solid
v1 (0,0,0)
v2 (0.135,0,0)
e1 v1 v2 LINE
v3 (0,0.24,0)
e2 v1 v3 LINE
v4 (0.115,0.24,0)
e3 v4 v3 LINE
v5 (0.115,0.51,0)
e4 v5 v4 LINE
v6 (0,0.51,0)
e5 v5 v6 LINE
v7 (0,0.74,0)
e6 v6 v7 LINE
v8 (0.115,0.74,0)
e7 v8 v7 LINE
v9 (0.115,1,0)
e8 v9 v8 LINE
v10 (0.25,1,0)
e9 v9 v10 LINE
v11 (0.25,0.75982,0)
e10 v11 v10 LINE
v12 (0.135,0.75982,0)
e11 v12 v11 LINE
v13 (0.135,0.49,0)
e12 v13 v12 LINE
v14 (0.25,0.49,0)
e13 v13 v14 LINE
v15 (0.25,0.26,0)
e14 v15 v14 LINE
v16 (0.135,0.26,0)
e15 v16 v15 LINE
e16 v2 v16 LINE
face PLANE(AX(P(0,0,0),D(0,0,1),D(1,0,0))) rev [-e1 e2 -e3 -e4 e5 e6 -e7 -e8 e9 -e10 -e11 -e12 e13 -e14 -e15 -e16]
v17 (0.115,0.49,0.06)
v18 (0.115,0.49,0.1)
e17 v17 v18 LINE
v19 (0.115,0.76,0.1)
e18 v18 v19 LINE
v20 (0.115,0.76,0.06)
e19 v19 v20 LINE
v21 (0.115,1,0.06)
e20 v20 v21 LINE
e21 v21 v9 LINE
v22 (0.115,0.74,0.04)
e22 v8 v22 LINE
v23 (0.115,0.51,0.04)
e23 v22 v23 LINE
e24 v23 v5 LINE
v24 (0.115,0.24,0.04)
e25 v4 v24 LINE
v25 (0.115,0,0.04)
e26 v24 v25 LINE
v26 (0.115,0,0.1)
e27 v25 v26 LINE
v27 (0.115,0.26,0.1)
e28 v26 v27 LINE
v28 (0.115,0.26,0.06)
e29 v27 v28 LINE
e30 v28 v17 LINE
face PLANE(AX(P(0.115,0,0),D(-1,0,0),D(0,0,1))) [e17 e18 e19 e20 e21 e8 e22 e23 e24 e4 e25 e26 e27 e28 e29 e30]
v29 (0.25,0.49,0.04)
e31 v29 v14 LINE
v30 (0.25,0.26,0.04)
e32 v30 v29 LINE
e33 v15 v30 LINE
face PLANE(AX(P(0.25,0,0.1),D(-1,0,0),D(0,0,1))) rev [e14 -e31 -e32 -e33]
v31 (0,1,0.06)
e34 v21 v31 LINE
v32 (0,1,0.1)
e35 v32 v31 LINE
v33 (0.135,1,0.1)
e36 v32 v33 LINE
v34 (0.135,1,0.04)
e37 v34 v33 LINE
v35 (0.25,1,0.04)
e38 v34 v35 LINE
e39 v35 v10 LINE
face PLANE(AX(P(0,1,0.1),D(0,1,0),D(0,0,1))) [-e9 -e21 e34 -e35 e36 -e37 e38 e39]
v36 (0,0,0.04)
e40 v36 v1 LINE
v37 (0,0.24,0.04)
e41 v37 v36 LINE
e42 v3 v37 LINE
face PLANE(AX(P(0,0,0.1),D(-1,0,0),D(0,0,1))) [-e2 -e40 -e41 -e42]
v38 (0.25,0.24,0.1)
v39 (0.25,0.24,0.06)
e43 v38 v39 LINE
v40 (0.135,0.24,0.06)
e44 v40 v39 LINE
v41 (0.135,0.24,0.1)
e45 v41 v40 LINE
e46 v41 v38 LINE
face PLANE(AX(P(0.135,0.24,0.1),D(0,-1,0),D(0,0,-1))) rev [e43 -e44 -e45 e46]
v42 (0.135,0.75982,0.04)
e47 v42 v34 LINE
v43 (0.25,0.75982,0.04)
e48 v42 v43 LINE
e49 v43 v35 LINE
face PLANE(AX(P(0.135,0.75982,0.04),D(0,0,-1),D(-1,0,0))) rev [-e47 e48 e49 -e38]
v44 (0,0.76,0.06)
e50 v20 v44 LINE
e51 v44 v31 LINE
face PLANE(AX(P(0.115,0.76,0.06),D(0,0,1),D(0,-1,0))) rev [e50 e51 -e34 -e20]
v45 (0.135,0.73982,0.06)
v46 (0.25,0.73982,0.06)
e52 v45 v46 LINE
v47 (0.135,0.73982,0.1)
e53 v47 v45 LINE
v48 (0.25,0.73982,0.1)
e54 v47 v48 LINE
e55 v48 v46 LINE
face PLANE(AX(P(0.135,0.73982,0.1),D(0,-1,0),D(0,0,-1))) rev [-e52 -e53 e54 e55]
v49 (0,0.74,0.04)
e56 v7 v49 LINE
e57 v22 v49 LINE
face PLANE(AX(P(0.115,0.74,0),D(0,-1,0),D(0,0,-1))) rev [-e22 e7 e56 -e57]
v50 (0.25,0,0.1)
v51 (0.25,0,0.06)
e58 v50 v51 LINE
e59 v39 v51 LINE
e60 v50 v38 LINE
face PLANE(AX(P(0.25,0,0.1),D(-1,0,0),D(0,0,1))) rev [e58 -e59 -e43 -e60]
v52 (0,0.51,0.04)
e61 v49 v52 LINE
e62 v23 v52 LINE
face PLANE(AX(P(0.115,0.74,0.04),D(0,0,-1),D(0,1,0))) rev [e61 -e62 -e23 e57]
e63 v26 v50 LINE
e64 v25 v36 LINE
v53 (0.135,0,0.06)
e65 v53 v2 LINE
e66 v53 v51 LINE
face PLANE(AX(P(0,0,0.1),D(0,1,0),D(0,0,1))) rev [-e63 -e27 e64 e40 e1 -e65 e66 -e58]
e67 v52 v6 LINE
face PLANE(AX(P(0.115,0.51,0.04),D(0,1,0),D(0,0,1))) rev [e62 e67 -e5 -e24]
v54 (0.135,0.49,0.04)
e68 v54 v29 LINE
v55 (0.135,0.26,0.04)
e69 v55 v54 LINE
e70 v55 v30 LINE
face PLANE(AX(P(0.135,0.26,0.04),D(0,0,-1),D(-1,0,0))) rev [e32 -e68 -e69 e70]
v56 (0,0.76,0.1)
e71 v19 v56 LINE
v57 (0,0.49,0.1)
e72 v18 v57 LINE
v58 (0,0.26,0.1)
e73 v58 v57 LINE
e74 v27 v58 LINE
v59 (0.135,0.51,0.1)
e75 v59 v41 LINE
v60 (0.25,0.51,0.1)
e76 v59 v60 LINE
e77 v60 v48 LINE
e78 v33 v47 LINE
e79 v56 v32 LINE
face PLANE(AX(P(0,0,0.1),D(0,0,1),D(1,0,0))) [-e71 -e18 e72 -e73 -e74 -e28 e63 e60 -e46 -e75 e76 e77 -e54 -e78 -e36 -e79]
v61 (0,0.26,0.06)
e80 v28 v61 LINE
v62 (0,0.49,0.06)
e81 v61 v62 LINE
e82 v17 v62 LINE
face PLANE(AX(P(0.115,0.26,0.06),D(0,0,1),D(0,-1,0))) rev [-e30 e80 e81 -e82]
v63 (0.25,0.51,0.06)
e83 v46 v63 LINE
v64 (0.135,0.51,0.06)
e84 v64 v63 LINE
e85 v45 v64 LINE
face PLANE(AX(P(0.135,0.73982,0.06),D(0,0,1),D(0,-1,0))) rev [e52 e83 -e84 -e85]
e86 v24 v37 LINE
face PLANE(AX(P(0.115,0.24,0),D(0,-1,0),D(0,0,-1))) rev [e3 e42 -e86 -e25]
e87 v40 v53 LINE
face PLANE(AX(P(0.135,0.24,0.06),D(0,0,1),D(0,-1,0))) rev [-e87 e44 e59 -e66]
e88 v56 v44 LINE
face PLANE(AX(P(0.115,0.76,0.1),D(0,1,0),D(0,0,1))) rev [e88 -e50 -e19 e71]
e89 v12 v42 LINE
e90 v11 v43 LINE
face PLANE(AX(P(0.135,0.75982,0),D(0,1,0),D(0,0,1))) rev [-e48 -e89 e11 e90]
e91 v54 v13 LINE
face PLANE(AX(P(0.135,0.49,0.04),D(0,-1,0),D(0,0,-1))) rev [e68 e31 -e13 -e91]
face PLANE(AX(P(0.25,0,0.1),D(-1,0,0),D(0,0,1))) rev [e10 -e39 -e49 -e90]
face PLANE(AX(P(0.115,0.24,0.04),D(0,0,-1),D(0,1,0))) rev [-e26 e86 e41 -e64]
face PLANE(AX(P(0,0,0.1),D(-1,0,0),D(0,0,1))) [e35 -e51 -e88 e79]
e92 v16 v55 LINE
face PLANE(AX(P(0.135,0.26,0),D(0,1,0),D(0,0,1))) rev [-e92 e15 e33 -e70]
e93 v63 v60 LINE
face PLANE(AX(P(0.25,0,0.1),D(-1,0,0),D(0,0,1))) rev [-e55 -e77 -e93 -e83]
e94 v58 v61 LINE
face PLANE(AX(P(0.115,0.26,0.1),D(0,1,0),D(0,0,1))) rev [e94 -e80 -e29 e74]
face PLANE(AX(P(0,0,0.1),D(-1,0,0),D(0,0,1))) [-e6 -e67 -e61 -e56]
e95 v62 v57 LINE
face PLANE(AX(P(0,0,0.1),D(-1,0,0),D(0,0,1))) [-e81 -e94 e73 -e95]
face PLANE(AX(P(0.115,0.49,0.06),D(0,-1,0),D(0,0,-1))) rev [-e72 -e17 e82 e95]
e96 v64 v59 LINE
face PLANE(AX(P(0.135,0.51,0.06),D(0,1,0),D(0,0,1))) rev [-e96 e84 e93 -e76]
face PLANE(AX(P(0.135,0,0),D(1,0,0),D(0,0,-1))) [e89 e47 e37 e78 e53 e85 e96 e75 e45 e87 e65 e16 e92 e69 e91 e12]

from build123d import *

# Parameters (mm, degrees)
SKETCH1_W           = 0.25
SKETCH1_H           = 1
BOSS_EXTRUDE1_DEPTH = 0.1
CUT_EXTRUDE1_DEPTH  = 0.115
CUT_EXTRUDE2_DEPTH  = 0.115


with BuildPart() as part:
    # Sketch1 → Boss-Extrude1 (new body)
    with BuildSketch(Plane.XY):
        with Locations((0.125, 0.5)):
            Rectangle(SKETCH1_W, SKETCH1_H)
    extrude(amount=BOSS_EXTRUDE1_DEPTH)

    # Sketch2 → Cut-Extrude1 (cut)
    with BuildSketch(Plane.ZY):
        Polygon((0.04, 0), (0.1, 0), (0.1, 0.26), (0.06, 0.26), (0.06, 0.49), (0.1, 0.49), (0.1, 0.76), (0.06, 0.76), (0.06, 1), (0, 1), (0, 0.74), (0.04, 0.74), (0.04, 0.51), (0, 0.51), (0, 0.24), (0.04, 0.24), align=None)
    extrude(amount=-CUT_EXTRUDE1_DEPTH, mode=Mode.SUBTRACT)

    # Sketch3 → Cut-Extrude2 (cut)
    with BuildSketch(Plane(origin=(0.25, 0, 0), x_dir=(0, 0, -1), z_dir=(1, 0, 0))):
        Polygon((-0.04, 1), (-0.1, 1), (-0.1, 0.739819694), (-0.06, 0.739819694), (-0.06, 0.51), (-0.1, 0.51), (-0.1, 0.24), (-0.06, 0.24), (-0.06, 0), (0, 0), (0, 0.26), (-0.04, 0.26), (-0.04, 0.49), (0, 0.49), (0, 0.759819694), (-0.04, 0.759819694), align=None)
    extrude(amount=-CUT_EXTRUDE2_DEPTH, mode=Mode.SUBTRACT)


solid = part.part
